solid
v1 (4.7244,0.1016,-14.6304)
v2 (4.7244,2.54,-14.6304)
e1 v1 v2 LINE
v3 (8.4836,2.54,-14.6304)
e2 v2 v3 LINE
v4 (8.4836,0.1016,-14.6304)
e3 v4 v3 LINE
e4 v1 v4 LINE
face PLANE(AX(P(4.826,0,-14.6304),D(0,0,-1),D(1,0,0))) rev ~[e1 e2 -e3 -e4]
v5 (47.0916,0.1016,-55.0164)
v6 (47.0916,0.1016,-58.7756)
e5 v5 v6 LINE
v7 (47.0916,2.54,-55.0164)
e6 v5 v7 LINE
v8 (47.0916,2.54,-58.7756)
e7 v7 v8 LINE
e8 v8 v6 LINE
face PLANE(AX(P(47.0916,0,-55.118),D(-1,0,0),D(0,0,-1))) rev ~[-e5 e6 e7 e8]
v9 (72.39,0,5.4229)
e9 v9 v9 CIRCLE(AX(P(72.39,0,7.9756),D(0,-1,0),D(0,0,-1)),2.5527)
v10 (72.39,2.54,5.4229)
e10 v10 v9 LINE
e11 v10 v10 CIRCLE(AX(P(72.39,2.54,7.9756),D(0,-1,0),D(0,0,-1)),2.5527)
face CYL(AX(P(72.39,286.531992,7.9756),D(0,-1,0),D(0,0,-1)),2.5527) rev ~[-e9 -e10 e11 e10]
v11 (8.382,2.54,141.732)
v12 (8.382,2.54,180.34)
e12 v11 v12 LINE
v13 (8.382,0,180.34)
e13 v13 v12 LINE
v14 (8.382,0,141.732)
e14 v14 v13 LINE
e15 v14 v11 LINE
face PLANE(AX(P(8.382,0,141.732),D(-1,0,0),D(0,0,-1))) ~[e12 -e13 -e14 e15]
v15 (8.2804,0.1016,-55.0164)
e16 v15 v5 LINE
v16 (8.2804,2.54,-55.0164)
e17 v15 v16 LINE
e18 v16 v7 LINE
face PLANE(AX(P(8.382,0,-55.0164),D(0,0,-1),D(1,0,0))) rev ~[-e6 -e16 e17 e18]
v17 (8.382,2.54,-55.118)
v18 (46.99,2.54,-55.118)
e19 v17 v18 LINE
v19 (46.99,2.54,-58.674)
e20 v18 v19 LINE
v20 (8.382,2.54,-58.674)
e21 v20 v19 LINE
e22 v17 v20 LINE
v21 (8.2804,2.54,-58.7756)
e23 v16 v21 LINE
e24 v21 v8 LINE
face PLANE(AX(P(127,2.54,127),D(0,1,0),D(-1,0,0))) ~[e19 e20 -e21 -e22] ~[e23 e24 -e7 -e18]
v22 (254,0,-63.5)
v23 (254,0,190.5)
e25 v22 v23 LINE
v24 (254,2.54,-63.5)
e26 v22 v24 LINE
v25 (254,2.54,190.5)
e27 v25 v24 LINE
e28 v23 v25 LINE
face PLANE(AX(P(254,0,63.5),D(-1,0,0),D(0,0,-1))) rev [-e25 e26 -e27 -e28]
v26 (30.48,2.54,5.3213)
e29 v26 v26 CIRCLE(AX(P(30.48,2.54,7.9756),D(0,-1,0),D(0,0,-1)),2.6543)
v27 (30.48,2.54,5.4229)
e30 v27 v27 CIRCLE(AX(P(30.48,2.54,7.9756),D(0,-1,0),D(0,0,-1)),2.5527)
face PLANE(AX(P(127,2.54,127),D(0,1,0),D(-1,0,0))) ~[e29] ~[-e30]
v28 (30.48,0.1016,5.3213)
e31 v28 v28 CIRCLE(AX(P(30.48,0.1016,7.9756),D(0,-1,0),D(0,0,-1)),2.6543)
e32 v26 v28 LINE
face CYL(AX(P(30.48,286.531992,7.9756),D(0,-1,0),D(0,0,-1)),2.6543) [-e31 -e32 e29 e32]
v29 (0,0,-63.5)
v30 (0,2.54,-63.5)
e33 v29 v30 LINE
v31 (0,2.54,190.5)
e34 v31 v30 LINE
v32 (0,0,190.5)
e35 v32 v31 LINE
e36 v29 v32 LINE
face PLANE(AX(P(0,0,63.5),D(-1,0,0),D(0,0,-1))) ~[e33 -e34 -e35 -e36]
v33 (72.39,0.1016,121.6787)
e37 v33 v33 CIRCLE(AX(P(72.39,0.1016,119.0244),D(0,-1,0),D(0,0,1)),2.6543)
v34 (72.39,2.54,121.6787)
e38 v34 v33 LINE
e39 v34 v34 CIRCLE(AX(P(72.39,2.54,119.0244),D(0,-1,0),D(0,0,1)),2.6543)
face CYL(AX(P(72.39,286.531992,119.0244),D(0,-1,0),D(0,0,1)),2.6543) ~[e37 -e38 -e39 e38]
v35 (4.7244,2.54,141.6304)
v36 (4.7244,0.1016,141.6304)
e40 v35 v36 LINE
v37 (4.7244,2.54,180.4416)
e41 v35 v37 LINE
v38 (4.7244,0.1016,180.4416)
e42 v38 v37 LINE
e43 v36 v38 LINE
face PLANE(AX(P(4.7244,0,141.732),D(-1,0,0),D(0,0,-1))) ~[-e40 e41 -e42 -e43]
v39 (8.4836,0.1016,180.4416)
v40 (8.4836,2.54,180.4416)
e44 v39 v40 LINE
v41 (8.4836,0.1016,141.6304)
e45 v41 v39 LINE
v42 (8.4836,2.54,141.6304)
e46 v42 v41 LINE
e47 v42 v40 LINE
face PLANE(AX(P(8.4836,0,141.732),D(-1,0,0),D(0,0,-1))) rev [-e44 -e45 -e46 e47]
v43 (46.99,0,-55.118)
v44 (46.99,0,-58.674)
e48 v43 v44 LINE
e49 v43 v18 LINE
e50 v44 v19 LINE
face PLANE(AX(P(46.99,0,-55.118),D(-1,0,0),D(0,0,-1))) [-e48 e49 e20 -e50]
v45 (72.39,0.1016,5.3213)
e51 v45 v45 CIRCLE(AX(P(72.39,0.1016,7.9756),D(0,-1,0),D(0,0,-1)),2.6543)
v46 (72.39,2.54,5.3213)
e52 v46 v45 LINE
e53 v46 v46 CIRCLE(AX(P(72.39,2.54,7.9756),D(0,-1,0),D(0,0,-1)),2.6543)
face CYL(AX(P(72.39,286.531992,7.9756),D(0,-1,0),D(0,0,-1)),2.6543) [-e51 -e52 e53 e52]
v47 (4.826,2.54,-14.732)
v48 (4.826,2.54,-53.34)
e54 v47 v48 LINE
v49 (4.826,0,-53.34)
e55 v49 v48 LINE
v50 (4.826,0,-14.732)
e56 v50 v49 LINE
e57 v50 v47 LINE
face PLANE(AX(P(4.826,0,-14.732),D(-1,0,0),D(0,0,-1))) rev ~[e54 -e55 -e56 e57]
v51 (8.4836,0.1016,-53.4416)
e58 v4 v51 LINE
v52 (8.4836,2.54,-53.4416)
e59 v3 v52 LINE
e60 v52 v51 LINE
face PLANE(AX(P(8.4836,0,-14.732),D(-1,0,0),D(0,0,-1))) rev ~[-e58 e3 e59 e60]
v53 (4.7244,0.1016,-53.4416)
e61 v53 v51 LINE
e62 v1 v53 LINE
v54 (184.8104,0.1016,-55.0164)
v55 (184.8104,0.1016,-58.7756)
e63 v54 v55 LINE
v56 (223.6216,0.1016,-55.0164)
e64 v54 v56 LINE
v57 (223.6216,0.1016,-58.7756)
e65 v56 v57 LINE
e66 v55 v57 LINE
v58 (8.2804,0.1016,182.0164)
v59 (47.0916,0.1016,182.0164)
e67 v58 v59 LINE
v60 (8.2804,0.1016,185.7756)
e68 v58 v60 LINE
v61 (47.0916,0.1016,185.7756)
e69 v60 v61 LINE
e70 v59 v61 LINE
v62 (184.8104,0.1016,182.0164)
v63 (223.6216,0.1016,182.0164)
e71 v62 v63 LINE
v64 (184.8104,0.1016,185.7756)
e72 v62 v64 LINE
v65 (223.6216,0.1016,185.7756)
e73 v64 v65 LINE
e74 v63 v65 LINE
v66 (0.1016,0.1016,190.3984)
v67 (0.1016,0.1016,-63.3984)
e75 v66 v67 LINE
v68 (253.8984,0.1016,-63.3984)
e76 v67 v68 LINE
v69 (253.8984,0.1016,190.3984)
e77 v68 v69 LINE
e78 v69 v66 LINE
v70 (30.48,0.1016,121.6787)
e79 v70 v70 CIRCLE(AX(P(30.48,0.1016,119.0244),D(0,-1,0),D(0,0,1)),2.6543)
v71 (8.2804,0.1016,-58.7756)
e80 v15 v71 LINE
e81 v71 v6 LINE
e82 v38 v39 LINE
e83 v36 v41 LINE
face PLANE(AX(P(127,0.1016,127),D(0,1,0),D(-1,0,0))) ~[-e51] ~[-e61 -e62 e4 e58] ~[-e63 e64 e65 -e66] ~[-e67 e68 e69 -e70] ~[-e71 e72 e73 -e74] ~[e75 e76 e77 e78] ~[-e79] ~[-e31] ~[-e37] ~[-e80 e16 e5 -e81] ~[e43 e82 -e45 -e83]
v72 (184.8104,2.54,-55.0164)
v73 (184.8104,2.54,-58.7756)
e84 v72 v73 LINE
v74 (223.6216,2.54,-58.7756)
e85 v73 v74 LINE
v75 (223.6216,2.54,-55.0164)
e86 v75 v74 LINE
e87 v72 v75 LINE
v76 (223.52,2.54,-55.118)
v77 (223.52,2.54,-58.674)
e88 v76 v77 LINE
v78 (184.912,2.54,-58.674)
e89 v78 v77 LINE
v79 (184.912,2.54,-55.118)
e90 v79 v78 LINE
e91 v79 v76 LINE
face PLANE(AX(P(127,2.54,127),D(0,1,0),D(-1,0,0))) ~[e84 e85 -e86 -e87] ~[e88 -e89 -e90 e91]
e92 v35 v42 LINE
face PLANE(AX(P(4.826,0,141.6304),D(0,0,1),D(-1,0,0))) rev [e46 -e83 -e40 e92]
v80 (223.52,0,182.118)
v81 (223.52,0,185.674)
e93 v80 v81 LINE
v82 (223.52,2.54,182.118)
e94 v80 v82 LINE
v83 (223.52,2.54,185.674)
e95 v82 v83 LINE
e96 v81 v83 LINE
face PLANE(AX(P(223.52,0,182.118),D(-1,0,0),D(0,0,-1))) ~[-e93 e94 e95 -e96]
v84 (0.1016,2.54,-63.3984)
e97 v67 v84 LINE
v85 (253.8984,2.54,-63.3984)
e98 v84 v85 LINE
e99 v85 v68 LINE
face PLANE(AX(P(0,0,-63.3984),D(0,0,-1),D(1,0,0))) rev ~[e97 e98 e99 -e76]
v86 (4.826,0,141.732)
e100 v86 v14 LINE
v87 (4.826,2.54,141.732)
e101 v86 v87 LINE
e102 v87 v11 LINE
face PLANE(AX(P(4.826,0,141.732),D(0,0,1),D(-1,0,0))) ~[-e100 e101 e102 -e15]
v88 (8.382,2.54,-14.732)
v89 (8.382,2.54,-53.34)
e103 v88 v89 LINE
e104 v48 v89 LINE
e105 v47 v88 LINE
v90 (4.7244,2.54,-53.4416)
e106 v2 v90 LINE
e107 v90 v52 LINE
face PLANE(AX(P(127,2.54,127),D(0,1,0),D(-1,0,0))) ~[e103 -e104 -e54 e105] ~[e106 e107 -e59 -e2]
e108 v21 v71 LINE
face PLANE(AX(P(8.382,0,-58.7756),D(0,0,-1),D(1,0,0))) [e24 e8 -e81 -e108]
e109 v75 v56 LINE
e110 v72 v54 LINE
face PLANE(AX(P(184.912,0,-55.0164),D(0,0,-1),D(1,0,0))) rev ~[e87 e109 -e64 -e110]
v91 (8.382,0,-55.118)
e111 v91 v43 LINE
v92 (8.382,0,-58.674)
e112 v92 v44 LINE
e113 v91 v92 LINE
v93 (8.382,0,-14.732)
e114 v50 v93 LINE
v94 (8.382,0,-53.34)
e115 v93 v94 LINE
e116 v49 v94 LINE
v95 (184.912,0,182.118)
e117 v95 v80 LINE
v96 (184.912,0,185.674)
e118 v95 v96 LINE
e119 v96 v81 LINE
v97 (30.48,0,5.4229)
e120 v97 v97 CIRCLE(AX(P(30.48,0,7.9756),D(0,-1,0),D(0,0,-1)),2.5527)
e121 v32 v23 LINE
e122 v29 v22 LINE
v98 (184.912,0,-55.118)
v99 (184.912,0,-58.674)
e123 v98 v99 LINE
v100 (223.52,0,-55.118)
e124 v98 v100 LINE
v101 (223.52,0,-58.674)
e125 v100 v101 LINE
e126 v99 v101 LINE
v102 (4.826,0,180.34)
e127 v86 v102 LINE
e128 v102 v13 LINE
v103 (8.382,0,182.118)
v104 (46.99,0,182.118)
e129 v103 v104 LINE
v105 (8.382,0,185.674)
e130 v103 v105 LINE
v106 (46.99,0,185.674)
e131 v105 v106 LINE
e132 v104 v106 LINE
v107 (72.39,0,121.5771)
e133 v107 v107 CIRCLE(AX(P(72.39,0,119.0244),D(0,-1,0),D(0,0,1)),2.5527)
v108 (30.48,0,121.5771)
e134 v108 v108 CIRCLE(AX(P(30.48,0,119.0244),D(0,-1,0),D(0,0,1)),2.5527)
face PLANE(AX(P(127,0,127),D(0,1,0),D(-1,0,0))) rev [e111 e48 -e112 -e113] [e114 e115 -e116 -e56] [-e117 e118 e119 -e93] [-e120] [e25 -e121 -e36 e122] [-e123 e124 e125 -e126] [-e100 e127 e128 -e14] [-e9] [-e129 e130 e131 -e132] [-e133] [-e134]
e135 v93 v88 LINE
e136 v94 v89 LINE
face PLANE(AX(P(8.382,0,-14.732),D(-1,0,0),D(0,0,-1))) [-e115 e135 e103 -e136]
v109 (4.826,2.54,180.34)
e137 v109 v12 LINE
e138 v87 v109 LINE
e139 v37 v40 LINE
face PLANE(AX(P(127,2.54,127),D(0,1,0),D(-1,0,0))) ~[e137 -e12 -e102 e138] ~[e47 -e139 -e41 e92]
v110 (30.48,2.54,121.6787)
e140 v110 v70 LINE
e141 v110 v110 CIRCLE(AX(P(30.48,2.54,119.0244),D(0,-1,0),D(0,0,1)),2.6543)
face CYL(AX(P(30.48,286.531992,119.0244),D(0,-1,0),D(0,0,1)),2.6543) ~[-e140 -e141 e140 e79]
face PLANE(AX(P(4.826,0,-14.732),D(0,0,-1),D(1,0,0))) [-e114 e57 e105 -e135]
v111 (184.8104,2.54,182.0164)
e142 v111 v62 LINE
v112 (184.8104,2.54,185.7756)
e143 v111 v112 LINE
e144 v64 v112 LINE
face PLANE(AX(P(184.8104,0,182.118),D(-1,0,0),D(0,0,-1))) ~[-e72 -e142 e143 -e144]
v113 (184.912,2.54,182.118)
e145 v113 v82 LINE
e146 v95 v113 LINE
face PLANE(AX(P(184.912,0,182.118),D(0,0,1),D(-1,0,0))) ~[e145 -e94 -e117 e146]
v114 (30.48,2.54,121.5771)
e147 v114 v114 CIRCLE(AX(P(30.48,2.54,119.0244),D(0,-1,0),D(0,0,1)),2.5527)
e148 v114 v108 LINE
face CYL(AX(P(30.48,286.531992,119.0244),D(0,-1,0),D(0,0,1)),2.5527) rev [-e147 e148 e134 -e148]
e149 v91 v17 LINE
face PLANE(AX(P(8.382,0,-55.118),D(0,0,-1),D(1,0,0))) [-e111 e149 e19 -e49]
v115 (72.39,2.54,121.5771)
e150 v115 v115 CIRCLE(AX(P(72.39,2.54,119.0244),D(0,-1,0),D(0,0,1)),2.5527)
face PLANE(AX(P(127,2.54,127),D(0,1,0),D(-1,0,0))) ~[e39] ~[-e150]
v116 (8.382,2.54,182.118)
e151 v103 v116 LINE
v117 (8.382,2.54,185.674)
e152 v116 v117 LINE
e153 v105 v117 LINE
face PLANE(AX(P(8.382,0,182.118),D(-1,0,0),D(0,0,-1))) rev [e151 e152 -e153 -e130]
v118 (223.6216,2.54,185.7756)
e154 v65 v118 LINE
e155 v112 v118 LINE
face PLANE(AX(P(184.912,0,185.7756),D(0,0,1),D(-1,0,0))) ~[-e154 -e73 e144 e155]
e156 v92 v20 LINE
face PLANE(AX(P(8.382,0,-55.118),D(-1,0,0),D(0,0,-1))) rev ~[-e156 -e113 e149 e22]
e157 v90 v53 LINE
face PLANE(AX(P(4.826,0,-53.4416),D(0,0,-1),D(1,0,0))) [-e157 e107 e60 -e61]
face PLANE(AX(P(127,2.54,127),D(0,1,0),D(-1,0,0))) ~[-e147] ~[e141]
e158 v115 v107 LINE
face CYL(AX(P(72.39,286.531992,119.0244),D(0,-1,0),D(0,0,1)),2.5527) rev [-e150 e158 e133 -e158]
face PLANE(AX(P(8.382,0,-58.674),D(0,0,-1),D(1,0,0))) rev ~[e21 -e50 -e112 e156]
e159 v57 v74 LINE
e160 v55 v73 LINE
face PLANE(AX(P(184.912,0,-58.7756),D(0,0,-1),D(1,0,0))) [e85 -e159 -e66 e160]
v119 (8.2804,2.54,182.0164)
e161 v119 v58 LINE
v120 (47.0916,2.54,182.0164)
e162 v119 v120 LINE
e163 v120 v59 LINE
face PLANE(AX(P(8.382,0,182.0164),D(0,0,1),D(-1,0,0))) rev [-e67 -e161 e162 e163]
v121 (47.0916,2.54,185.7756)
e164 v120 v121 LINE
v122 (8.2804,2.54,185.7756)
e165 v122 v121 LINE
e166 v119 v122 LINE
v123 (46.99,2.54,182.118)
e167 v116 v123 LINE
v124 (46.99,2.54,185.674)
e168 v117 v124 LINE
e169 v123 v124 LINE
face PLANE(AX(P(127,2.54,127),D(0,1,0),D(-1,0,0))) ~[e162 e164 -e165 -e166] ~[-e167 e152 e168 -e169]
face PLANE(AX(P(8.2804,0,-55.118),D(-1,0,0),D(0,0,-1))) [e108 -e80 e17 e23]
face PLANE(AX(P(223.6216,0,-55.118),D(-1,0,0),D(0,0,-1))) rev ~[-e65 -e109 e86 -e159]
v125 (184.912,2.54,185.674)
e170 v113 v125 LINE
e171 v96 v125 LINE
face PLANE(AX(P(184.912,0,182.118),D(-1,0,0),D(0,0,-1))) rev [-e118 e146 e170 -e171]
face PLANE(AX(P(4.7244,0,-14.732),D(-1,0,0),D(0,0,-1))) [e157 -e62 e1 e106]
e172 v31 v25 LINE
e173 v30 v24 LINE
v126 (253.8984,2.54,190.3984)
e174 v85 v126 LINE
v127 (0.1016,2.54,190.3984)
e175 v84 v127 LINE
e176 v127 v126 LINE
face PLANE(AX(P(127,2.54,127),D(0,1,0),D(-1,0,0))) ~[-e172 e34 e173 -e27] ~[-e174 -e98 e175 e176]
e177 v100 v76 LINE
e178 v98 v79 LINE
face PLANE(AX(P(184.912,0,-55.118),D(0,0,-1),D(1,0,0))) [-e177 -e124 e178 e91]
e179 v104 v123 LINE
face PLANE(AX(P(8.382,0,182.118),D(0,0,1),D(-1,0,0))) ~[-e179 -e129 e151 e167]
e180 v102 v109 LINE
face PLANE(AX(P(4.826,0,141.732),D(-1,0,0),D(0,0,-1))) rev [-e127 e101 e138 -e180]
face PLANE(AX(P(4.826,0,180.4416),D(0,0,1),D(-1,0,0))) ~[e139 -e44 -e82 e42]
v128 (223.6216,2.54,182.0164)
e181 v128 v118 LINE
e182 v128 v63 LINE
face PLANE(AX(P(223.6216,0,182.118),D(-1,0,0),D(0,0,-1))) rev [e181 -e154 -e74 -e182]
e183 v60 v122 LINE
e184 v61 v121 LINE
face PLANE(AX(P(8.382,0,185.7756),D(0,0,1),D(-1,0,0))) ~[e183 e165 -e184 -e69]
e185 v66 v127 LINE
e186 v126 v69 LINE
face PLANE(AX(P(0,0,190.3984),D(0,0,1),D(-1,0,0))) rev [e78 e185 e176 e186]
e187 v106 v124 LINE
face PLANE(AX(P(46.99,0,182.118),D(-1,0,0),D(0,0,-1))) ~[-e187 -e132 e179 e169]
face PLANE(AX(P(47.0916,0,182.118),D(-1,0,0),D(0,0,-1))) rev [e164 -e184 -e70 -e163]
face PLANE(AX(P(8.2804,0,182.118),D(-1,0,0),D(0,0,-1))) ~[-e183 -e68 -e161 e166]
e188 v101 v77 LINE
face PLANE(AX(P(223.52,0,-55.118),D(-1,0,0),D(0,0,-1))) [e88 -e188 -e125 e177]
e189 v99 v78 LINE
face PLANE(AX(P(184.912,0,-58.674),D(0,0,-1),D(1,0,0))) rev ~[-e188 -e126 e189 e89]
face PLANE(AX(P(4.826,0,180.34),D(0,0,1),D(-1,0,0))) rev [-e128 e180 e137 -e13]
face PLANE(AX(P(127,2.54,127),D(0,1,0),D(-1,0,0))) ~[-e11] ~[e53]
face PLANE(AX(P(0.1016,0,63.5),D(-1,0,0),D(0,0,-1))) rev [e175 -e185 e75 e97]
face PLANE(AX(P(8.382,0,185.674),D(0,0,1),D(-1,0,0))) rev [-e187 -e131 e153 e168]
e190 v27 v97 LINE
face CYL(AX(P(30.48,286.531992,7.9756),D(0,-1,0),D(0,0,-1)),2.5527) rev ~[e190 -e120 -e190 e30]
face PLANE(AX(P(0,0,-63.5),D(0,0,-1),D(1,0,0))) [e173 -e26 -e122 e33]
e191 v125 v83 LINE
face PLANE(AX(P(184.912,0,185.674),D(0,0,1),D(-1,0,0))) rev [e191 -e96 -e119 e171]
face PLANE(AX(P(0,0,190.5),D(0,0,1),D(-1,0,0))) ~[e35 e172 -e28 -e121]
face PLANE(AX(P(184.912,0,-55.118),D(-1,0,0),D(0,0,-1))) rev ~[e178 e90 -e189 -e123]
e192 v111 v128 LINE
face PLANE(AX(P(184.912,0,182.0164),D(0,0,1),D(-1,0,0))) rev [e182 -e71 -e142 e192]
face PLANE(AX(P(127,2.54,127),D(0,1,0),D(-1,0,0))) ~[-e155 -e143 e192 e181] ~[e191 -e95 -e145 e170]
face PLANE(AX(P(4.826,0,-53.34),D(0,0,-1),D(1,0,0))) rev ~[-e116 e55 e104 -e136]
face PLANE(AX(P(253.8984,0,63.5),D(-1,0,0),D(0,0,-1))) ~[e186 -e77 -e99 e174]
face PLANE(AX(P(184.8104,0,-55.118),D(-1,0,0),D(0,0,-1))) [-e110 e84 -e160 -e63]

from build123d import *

# Parameters (mm, degrees)
SKETCH1_W                  = 254
SKETCH1_H                  = 127
SKETCH1_W_2                = 38.608
SKETCH1_H_2                = 3.556
SKETCH1_W_3                = 3.556
SKETCH1_H_3                = 38.608
BOSS_EXTRUDE1_DEPTH        = 2.54
F_7_0_201_DIAMETER_HOLE1_D = 5.1054
SHELL1_T                   = -0.1016


with BuildPart() as part:
    # Sketch1 → Boss-Extrude1 (new body)
    with BuildSketch(Plane(origin=(0, 0, 0), x_dir=(1, 0, 0), z_dir=(0, 1, 0))):
        with Locations((127, 0)):
            Rectangle(SKETCH1_W, SKETCH1_H)
        with Locations((27.686, 56.896)):
            Rectangle(SKETCH1_W_2, SKETCH1_H_2, mode=Mode.SUBTRACT)
        with Locations((204.216, 56.896)):
            Rectangle(SKETCH1_W_2, SKETCH1_H_2, mode=Mode.SUBTRACT)
        with Locations((6.604, 34.036)):
            Rectangle(SKETCH1_W_3, SKETCH1_H_3, mode=Mode.SUBTRACT)
    boss_extrude1 = extrude(amount=BOSS_EXTRUDE1_DEPTH)

    # #7 (0.201) Diameter Hole1 (through all)
    with Locations(Plane(origin=(30.48, 2.54, 7.9756), x_dir=(0, 0, 1), z_dir=(0, 1, 0))):
        with Locations((0, 0), (0, 41.91)):
            f_7_0_201_diameter_hole1 = Hole(F_7_0_201_DIAMETER_HOLE1_D / 2)

    # Mirror1: Boss-Extrude1, #7 (0.201) Diameter Hole1 across plane
    add(boss_extrude1.mirror(Plane(origin=(0, 2.54, 63.5), x_dir=(1, 0, 0), z_dir=(0, 0, -1))))
    add(f_7_0_201_diameter_hole1.mirror(Plane(origin=(0, 2.54, 63.5), x_dir=(1, 0, 0), z_dir=(0, 0, -1))), mode=Mode.SUBTRACT)

    # Shell1
    shell1_openings = [part.faces().sort_by_distance(p)[0] for p in [
        (30.48, 2.54, 121.5771),
    ]]
    offset(amount=SHELL1_T, openings=shell1_openings, kind=Kind.INTERSECTION)


solid = part.part
